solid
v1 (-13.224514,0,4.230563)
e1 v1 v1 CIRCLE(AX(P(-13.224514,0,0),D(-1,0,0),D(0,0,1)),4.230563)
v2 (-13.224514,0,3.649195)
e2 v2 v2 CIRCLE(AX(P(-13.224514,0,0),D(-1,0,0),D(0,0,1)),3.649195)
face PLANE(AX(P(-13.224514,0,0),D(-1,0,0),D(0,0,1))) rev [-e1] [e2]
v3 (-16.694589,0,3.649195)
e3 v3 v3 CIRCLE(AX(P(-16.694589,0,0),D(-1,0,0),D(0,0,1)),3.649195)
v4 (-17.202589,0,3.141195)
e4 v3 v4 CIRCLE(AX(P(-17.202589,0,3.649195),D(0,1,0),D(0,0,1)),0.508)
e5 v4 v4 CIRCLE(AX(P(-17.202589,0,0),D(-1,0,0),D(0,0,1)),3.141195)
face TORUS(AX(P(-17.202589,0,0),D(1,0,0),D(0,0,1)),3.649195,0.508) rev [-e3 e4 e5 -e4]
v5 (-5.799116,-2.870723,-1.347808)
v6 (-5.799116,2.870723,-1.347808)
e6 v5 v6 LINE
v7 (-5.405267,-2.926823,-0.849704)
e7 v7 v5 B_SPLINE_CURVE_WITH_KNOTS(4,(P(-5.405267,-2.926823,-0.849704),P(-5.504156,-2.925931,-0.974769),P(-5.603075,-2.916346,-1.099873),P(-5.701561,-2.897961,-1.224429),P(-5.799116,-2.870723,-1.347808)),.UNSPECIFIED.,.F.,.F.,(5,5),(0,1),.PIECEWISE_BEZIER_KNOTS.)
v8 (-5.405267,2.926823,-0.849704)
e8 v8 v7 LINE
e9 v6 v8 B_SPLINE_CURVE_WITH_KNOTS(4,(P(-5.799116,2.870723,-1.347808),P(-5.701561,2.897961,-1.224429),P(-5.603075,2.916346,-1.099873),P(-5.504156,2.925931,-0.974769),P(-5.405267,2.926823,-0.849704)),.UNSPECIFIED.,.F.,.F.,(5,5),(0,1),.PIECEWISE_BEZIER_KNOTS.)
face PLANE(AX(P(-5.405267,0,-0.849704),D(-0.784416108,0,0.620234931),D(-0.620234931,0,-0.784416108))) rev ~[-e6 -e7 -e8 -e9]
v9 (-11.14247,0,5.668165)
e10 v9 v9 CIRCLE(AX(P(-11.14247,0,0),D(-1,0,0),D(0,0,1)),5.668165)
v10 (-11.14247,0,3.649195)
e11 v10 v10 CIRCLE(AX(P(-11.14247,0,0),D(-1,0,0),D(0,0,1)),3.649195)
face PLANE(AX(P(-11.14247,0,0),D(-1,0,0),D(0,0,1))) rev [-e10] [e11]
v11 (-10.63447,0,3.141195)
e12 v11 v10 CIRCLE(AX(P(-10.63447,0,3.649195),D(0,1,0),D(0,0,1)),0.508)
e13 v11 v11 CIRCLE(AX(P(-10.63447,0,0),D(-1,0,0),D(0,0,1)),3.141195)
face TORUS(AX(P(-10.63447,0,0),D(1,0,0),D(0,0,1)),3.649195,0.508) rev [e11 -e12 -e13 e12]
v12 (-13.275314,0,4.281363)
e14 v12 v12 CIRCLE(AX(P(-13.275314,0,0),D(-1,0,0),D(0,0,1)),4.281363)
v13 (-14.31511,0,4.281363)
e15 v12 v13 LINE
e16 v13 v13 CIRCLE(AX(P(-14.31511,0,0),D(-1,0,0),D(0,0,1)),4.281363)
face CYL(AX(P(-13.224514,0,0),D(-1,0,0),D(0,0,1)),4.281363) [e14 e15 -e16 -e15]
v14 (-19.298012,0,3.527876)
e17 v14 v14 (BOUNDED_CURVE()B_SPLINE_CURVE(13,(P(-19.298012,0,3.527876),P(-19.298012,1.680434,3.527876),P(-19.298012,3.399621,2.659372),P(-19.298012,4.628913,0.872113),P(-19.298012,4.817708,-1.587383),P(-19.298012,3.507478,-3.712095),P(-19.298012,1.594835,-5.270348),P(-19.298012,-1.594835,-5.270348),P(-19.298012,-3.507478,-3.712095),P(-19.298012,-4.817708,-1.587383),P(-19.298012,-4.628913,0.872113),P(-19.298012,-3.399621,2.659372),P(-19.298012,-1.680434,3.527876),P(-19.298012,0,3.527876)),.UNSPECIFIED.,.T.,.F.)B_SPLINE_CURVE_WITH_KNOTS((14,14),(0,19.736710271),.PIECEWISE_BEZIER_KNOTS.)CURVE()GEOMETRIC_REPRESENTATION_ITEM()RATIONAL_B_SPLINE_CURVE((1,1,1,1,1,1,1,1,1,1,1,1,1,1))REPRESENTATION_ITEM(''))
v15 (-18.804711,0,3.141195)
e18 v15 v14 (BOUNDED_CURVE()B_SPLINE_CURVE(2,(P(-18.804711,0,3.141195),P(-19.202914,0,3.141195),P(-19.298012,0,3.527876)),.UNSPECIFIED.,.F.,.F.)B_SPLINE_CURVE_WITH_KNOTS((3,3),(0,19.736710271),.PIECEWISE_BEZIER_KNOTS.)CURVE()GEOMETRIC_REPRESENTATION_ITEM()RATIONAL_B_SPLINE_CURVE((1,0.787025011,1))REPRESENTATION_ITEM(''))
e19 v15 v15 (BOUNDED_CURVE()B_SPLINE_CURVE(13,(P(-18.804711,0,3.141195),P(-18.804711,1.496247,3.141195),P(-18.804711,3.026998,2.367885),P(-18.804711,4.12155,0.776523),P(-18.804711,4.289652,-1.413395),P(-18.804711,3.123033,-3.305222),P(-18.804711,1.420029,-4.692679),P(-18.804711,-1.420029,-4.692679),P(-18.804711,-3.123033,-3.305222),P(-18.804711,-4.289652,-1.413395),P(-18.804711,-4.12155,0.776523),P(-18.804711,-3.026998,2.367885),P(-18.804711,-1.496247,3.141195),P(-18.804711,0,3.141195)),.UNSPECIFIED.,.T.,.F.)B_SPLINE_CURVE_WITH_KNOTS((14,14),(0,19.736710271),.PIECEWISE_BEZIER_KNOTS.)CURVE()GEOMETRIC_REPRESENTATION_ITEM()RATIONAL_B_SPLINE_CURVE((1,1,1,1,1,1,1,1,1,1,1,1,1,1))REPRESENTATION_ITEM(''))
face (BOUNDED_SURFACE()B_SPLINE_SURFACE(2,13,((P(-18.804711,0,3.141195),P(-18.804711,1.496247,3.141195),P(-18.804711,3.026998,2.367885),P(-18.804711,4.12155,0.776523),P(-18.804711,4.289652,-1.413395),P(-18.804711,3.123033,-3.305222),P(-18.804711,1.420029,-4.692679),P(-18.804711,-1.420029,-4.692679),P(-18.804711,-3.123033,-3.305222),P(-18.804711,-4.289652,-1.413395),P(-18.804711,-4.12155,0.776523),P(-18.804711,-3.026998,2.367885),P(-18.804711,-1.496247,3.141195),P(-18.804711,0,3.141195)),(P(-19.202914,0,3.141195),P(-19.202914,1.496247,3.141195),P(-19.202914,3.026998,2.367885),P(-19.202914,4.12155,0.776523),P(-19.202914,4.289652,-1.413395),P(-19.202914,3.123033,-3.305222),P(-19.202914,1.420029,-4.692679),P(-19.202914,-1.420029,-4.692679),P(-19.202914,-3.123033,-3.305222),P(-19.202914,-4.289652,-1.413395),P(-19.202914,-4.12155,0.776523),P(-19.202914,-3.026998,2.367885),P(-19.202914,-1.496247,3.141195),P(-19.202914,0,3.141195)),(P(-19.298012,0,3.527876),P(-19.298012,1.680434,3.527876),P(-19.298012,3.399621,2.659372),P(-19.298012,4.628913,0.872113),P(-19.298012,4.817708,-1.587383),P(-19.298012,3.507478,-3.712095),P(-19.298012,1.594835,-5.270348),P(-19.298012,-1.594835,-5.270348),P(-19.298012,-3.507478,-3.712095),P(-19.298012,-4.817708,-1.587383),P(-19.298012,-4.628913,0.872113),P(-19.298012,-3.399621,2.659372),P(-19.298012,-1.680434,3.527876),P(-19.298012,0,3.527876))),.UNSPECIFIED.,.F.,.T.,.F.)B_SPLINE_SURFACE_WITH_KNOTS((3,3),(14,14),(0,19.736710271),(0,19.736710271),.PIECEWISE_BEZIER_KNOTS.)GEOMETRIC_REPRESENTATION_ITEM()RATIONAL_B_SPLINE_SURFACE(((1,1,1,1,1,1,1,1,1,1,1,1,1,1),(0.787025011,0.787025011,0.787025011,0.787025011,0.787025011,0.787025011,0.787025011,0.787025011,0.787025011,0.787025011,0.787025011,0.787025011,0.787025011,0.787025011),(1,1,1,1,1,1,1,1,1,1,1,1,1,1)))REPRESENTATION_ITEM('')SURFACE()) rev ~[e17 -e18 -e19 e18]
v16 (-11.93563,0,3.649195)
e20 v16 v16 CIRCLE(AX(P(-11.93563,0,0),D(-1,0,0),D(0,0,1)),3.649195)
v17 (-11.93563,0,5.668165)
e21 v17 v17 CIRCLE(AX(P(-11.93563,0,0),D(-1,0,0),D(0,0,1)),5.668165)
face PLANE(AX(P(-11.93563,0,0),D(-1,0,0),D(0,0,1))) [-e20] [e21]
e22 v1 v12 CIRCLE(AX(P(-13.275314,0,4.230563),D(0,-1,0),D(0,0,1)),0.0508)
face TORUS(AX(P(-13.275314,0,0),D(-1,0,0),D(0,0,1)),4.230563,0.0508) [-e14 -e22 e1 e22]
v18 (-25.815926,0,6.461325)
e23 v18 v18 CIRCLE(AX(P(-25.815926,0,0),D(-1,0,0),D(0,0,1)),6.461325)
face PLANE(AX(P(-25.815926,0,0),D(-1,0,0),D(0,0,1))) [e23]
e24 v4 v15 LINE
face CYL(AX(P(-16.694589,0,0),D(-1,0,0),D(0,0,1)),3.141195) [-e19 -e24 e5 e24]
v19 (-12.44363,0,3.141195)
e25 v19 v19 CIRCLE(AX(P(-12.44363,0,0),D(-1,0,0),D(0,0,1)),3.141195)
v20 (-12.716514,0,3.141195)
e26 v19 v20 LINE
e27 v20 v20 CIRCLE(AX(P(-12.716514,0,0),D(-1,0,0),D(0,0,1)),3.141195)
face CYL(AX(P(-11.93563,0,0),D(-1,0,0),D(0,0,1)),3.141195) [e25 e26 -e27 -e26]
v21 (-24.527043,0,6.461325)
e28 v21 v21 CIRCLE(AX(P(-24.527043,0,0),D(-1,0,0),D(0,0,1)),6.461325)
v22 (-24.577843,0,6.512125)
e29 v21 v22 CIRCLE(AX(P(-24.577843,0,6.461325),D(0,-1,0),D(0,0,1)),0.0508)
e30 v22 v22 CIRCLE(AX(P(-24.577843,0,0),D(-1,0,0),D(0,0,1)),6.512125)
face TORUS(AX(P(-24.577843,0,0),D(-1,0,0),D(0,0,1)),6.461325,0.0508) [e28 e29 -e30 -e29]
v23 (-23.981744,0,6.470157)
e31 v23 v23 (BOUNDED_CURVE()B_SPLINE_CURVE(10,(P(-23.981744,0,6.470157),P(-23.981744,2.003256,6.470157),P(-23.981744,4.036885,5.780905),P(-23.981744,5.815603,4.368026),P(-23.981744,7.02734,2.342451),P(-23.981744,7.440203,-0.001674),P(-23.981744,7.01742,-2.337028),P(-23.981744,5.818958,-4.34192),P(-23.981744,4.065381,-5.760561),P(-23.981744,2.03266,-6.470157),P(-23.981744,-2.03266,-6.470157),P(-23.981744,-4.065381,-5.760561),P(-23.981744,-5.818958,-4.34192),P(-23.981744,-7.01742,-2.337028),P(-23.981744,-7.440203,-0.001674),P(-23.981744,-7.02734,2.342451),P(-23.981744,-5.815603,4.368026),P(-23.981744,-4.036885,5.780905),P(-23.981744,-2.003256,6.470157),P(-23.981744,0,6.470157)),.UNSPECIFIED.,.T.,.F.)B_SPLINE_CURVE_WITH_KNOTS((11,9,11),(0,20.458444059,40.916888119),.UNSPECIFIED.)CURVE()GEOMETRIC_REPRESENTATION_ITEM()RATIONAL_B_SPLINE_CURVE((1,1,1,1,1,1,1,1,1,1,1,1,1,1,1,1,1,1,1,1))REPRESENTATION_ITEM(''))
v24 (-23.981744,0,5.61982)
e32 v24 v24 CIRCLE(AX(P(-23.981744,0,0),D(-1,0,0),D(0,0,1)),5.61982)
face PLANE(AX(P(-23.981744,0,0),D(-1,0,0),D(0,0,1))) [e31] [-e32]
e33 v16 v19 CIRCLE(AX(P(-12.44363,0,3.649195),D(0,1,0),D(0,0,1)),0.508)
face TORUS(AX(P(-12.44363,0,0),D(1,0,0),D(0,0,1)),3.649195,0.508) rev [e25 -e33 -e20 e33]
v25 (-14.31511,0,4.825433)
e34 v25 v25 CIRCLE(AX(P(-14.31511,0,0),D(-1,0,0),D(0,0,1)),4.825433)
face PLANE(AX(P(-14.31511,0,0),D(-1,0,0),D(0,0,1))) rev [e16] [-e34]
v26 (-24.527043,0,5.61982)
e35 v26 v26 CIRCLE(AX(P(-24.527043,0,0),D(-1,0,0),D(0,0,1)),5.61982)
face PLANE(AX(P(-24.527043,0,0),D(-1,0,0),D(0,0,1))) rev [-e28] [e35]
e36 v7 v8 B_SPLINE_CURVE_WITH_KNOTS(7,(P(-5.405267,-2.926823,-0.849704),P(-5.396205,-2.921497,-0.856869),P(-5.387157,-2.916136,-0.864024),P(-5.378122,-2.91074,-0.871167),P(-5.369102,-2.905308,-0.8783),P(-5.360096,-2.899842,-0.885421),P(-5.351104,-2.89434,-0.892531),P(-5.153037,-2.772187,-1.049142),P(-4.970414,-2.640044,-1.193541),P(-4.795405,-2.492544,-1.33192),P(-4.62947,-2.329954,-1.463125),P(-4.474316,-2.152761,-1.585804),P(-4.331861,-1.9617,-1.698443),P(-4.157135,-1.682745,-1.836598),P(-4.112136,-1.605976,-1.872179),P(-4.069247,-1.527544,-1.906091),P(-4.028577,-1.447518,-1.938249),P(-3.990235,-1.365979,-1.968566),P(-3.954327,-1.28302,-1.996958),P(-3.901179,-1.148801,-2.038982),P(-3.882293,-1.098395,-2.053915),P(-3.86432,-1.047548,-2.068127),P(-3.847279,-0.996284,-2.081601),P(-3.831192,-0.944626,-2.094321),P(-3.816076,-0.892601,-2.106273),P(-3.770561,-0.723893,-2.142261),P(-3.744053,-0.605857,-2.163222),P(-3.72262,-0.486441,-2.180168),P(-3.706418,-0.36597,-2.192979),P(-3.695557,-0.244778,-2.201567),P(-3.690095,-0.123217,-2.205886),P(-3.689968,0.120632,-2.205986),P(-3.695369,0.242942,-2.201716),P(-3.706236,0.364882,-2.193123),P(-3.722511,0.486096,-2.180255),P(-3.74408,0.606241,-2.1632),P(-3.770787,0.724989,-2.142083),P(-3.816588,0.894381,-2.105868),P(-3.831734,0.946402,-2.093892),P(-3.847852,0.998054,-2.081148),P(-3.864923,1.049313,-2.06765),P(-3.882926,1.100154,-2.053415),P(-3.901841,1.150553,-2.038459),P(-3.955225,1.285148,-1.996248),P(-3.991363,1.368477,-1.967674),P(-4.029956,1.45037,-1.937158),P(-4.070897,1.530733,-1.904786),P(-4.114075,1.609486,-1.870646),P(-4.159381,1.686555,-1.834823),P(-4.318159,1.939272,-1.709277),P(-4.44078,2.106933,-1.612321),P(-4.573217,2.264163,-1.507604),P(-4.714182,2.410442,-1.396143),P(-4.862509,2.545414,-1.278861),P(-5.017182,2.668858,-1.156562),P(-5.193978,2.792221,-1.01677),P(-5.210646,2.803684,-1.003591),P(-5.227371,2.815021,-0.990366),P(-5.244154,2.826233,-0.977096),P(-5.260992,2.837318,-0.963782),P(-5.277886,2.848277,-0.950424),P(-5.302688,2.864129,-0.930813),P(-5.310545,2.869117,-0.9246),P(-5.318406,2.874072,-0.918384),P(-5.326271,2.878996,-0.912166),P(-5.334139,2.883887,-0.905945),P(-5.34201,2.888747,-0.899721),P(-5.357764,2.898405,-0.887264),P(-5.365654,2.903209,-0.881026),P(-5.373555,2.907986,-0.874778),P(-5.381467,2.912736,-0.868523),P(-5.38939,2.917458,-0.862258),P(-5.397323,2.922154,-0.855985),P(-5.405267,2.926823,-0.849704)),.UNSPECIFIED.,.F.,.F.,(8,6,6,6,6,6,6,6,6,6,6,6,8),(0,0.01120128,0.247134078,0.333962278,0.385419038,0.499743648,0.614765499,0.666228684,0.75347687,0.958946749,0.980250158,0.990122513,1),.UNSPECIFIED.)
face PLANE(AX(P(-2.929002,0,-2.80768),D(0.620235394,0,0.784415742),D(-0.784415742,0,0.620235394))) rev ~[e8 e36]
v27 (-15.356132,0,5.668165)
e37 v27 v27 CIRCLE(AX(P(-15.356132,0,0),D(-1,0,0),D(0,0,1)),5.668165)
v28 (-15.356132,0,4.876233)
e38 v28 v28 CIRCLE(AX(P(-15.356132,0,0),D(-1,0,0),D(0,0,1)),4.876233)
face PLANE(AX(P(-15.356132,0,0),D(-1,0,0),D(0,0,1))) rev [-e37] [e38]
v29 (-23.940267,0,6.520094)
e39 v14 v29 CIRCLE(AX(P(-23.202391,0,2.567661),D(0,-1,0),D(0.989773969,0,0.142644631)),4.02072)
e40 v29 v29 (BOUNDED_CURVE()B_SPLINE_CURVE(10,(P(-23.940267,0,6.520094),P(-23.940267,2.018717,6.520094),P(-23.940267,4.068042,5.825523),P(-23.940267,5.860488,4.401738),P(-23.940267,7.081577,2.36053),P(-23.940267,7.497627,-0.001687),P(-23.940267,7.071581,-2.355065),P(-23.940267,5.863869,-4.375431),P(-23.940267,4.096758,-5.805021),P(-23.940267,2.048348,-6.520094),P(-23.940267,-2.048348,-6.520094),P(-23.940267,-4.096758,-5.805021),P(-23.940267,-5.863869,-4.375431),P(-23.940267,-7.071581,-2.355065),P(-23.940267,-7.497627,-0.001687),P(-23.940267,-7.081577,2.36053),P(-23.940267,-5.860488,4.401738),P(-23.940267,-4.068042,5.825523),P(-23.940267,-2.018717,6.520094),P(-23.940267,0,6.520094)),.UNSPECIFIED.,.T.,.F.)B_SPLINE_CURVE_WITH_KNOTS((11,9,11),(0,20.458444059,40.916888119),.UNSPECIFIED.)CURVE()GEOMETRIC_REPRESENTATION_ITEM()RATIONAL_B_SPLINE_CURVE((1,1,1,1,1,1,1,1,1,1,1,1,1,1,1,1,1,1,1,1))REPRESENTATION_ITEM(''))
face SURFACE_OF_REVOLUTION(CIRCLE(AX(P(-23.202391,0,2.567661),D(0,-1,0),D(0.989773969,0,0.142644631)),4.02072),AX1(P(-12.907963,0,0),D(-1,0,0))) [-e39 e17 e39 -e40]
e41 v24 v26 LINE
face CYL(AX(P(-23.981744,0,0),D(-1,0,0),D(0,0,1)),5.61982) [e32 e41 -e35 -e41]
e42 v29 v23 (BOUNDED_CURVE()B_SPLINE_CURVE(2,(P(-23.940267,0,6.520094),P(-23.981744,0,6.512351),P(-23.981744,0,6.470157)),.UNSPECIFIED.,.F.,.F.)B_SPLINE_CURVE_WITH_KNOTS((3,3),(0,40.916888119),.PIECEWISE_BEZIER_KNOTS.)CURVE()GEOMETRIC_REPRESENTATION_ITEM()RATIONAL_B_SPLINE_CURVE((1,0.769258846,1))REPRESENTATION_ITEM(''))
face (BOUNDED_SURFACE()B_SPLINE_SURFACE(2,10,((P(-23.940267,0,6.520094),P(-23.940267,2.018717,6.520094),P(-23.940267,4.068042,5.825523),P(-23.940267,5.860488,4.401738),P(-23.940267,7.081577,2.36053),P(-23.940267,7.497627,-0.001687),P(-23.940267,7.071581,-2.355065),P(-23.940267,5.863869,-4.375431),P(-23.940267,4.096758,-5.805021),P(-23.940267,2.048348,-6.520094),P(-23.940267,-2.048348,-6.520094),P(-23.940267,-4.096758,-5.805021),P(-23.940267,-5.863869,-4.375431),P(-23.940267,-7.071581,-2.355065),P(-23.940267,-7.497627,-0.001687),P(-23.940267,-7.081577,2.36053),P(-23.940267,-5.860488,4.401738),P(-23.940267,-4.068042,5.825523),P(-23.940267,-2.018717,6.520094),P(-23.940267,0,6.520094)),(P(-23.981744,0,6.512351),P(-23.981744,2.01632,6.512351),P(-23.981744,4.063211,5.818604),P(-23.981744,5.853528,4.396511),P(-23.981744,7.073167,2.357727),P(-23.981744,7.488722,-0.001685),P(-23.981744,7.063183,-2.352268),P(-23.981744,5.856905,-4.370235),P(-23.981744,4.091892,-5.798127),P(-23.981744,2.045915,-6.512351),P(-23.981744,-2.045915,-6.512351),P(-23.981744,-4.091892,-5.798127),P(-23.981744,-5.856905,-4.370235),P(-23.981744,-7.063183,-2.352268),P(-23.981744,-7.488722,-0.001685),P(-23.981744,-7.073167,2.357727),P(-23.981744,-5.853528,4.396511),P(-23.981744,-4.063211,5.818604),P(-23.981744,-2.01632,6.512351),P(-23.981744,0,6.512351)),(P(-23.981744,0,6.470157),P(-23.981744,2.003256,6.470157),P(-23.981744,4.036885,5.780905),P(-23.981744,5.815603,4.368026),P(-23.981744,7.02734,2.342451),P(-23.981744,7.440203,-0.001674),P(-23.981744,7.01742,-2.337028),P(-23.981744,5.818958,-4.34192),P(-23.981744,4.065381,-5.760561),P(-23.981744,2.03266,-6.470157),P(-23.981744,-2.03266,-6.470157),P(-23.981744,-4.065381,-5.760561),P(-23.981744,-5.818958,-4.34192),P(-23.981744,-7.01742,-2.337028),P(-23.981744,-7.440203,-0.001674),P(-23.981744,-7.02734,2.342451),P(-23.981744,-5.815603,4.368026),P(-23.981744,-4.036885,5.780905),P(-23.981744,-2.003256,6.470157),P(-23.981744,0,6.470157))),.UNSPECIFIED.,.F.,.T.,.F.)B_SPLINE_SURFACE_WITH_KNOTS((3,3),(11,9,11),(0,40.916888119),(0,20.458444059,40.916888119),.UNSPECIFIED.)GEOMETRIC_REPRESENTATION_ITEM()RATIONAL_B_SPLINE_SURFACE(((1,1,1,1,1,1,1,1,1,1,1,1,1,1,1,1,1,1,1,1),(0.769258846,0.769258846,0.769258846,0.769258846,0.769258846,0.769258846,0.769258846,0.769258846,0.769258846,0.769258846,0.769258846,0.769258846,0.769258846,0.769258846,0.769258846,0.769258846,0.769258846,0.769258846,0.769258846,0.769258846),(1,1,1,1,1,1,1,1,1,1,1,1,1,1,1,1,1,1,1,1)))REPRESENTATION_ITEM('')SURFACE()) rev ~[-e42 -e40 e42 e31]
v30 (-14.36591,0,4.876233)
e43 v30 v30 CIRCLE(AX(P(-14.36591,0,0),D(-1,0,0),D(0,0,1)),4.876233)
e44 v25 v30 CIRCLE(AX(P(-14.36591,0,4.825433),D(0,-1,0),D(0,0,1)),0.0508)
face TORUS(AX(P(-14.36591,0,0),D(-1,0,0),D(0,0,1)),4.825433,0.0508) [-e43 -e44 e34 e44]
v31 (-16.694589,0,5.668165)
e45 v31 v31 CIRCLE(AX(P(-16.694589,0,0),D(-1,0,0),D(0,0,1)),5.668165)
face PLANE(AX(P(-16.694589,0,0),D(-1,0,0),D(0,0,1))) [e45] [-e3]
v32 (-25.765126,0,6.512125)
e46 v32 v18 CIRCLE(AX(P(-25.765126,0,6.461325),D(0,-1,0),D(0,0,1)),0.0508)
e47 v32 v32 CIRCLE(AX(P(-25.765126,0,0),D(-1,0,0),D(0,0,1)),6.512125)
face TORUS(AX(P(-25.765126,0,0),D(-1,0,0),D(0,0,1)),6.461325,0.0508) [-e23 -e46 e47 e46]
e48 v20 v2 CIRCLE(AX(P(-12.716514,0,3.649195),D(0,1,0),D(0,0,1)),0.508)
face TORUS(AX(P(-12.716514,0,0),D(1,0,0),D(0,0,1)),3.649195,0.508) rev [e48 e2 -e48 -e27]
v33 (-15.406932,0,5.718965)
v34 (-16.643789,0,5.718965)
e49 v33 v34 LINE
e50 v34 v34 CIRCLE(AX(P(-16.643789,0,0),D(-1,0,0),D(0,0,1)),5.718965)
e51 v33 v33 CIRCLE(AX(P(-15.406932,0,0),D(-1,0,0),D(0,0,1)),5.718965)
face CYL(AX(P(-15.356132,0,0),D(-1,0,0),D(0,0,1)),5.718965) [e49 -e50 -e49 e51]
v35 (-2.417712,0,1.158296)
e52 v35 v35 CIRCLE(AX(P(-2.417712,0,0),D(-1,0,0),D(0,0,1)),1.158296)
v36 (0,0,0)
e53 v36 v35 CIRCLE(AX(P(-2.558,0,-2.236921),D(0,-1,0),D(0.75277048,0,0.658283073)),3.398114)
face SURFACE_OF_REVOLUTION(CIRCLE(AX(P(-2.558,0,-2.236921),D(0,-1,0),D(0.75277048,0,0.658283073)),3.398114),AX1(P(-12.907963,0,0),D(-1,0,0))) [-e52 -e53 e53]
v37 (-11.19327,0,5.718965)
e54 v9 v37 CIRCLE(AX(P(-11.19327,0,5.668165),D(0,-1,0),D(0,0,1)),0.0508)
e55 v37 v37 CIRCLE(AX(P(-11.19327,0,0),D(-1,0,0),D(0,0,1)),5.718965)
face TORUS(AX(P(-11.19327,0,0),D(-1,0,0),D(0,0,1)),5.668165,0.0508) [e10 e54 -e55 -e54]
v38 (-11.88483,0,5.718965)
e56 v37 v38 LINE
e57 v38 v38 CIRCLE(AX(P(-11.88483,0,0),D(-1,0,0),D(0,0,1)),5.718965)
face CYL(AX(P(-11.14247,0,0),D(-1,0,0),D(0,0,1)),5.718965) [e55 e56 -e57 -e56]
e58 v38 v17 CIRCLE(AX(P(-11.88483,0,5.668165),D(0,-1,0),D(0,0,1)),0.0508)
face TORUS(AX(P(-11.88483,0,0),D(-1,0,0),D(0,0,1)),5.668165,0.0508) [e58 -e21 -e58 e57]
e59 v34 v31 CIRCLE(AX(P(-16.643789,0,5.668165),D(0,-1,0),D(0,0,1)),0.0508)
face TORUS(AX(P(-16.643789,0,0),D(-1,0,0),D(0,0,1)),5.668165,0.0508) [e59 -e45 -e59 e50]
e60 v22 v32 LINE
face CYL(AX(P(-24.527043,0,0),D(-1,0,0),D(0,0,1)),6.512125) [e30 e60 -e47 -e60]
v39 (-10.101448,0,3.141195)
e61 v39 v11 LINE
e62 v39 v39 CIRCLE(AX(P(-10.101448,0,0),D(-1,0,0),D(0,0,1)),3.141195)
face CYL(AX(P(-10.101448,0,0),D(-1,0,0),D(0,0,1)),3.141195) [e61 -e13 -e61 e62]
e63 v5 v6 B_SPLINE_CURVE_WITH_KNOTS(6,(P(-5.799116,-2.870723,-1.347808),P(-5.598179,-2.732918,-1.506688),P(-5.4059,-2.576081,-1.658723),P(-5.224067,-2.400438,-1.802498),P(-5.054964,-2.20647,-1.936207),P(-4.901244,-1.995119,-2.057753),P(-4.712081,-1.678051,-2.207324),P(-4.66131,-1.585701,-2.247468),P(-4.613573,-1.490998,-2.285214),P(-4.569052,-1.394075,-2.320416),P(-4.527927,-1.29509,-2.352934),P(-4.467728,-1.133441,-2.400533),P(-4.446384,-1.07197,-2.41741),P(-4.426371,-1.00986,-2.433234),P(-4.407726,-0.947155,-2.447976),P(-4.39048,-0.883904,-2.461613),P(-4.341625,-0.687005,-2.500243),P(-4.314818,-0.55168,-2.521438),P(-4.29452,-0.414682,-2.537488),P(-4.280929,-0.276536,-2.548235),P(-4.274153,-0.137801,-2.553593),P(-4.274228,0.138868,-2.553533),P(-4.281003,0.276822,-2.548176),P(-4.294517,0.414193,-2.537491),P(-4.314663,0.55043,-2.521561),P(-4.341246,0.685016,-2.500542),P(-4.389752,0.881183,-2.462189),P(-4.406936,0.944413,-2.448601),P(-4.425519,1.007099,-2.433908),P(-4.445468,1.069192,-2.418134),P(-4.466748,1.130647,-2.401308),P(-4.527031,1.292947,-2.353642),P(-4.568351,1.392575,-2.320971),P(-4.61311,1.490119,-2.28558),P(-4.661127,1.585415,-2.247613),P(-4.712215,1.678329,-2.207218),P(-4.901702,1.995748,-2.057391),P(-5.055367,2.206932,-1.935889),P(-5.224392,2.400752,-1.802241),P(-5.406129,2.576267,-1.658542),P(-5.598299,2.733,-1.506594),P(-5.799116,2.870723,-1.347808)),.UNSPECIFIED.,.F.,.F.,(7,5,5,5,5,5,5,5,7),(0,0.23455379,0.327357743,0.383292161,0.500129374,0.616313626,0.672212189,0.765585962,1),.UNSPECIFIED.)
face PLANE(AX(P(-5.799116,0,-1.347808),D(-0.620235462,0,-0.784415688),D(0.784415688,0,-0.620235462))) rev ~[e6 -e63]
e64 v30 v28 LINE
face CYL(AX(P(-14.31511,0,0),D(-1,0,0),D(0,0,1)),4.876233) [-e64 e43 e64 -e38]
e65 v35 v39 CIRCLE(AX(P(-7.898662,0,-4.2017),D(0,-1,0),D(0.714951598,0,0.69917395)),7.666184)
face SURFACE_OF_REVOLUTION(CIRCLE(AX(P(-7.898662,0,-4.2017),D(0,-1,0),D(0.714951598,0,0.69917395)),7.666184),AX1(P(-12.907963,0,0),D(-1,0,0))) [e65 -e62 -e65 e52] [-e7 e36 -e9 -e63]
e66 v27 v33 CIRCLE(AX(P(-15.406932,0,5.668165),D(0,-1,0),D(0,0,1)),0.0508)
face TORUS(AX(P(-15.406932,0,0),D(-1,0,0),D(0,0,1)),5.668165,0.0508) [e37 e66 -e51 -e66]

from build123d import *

# Parameters (mm, degrees)
F3_DEPTH = 12.7
F4_R     = 0.508
F5_R     = 0.0508


with BuildPart() as f1:
    # F0 (on Front) → F1 (revolve)
    with BuildSketch(Plane.XZ):
        with BuildLine():
            Line((-25.815926, 0), (0, 0))
            ThreePointArc((0, 0), (-1.089803, 0.827647), (-2.417712, 1.158296))
            ThreePointArc((-2.417712, 1.158296), (-5.983052, 3.221292), (-10.101448, 3.141195))
            Line((-10.101448, 3.141195), (-11.14247, 3.141195))
            Line((-11.14247, 3.141195), (-11.14247, 5.718965))
            Line((-11.14247, 5.718965), (-11.93563, 5.718965))
            Line((-11.93563, 5.718965), (-11.93563, 3.141195))
            Line((-11.93563, 3.141195), (-13.224514, 3.141195))
            Line((-13.224514, 3.141195), (-13.224514, 4.281363))
            Line((-13.224514, 4.281363), (-14.31511, 4.281363))
            Line((-14.31511, 4.281363), (-14.31511, 4.876233))
            Line((-14.31511, 4.876233), (-15.356132, 4.876233))
            Line((-15.356132, 4.876233), (-15.356132, 5.718965))
            Line((-15.356132, 5.718965), (-16.694589, 5.718965))
            Line((-16.694589, 5.718965), (-16.694589, 3.141195))
            Line((-16.694589, 3.141195), (-19.222787, 3.141195))
            ThreePointArc((-19.222787, 3.141195), (-20.878344, 5.848666), (-23.981744, 6.512125))
            Line((-23.981744, 6.512125), (-23.981744, 5.61982))
            Line((-23.981744, 5.61982), (-24.527043, 5.61982))
            Line((-24.527043, 5.61982), (-24.527043, 6.512125))
            Line((-24.527043, 6.512125), (-25.815926, 6.512125))
            Line((-25.815926, 6.512125), (-25.815926, 0))
        make_face()
    revolve(axis=Axis((-12.907963, 0, 0), (-1, 0, 0)))

    # F2 (on Front) → F3 (cut, symmetric)
    with BuildSketch(Plane.XZ):
        Polygon((-3.307398, -3.318003), (-2.929002, -2.80768), (-5.405267, -0.849704), (-5.799116, -1.347808), align=None)
    extrude(amount=F3_DEPTH, both=True, mode=Mode.SUBTRACT)

    # F4
    f4_edges = [f1.edges().sort_by_distance(p)[0] for p in [
        (-11.14247, 0, -3.141195),
        (-11.93563, 0, -3.141195),
        (-13.224514, 0, -3.141195),
        (-16.694589, 0, -3.141195),
        (-19.222787, 0, -3.141195),
    ]]
    fillet(f4_edges, radius=F4_R)

    # F5
    f5_edges = [f1.edges().sort_by_distance(p)[0] for p in [
        (-11.14247, 0, -5.718965),
        (-11.93563, 0, -5.718965),
        (-13.224514, 0, -4.281363),
        (-14.31511, 0, -4.876233),
        (-15.356132, 0, -5.718965),
        (-16.694589, 0, -5.718965),
        (-25.815926, 0, -6.512125),
        (-24.527043, 0, -6.512125),
        (-23.981744, 0, -6.512125),
    ]]
    fillet(f5_edges, radius=F5_R)


solid = f1.part
